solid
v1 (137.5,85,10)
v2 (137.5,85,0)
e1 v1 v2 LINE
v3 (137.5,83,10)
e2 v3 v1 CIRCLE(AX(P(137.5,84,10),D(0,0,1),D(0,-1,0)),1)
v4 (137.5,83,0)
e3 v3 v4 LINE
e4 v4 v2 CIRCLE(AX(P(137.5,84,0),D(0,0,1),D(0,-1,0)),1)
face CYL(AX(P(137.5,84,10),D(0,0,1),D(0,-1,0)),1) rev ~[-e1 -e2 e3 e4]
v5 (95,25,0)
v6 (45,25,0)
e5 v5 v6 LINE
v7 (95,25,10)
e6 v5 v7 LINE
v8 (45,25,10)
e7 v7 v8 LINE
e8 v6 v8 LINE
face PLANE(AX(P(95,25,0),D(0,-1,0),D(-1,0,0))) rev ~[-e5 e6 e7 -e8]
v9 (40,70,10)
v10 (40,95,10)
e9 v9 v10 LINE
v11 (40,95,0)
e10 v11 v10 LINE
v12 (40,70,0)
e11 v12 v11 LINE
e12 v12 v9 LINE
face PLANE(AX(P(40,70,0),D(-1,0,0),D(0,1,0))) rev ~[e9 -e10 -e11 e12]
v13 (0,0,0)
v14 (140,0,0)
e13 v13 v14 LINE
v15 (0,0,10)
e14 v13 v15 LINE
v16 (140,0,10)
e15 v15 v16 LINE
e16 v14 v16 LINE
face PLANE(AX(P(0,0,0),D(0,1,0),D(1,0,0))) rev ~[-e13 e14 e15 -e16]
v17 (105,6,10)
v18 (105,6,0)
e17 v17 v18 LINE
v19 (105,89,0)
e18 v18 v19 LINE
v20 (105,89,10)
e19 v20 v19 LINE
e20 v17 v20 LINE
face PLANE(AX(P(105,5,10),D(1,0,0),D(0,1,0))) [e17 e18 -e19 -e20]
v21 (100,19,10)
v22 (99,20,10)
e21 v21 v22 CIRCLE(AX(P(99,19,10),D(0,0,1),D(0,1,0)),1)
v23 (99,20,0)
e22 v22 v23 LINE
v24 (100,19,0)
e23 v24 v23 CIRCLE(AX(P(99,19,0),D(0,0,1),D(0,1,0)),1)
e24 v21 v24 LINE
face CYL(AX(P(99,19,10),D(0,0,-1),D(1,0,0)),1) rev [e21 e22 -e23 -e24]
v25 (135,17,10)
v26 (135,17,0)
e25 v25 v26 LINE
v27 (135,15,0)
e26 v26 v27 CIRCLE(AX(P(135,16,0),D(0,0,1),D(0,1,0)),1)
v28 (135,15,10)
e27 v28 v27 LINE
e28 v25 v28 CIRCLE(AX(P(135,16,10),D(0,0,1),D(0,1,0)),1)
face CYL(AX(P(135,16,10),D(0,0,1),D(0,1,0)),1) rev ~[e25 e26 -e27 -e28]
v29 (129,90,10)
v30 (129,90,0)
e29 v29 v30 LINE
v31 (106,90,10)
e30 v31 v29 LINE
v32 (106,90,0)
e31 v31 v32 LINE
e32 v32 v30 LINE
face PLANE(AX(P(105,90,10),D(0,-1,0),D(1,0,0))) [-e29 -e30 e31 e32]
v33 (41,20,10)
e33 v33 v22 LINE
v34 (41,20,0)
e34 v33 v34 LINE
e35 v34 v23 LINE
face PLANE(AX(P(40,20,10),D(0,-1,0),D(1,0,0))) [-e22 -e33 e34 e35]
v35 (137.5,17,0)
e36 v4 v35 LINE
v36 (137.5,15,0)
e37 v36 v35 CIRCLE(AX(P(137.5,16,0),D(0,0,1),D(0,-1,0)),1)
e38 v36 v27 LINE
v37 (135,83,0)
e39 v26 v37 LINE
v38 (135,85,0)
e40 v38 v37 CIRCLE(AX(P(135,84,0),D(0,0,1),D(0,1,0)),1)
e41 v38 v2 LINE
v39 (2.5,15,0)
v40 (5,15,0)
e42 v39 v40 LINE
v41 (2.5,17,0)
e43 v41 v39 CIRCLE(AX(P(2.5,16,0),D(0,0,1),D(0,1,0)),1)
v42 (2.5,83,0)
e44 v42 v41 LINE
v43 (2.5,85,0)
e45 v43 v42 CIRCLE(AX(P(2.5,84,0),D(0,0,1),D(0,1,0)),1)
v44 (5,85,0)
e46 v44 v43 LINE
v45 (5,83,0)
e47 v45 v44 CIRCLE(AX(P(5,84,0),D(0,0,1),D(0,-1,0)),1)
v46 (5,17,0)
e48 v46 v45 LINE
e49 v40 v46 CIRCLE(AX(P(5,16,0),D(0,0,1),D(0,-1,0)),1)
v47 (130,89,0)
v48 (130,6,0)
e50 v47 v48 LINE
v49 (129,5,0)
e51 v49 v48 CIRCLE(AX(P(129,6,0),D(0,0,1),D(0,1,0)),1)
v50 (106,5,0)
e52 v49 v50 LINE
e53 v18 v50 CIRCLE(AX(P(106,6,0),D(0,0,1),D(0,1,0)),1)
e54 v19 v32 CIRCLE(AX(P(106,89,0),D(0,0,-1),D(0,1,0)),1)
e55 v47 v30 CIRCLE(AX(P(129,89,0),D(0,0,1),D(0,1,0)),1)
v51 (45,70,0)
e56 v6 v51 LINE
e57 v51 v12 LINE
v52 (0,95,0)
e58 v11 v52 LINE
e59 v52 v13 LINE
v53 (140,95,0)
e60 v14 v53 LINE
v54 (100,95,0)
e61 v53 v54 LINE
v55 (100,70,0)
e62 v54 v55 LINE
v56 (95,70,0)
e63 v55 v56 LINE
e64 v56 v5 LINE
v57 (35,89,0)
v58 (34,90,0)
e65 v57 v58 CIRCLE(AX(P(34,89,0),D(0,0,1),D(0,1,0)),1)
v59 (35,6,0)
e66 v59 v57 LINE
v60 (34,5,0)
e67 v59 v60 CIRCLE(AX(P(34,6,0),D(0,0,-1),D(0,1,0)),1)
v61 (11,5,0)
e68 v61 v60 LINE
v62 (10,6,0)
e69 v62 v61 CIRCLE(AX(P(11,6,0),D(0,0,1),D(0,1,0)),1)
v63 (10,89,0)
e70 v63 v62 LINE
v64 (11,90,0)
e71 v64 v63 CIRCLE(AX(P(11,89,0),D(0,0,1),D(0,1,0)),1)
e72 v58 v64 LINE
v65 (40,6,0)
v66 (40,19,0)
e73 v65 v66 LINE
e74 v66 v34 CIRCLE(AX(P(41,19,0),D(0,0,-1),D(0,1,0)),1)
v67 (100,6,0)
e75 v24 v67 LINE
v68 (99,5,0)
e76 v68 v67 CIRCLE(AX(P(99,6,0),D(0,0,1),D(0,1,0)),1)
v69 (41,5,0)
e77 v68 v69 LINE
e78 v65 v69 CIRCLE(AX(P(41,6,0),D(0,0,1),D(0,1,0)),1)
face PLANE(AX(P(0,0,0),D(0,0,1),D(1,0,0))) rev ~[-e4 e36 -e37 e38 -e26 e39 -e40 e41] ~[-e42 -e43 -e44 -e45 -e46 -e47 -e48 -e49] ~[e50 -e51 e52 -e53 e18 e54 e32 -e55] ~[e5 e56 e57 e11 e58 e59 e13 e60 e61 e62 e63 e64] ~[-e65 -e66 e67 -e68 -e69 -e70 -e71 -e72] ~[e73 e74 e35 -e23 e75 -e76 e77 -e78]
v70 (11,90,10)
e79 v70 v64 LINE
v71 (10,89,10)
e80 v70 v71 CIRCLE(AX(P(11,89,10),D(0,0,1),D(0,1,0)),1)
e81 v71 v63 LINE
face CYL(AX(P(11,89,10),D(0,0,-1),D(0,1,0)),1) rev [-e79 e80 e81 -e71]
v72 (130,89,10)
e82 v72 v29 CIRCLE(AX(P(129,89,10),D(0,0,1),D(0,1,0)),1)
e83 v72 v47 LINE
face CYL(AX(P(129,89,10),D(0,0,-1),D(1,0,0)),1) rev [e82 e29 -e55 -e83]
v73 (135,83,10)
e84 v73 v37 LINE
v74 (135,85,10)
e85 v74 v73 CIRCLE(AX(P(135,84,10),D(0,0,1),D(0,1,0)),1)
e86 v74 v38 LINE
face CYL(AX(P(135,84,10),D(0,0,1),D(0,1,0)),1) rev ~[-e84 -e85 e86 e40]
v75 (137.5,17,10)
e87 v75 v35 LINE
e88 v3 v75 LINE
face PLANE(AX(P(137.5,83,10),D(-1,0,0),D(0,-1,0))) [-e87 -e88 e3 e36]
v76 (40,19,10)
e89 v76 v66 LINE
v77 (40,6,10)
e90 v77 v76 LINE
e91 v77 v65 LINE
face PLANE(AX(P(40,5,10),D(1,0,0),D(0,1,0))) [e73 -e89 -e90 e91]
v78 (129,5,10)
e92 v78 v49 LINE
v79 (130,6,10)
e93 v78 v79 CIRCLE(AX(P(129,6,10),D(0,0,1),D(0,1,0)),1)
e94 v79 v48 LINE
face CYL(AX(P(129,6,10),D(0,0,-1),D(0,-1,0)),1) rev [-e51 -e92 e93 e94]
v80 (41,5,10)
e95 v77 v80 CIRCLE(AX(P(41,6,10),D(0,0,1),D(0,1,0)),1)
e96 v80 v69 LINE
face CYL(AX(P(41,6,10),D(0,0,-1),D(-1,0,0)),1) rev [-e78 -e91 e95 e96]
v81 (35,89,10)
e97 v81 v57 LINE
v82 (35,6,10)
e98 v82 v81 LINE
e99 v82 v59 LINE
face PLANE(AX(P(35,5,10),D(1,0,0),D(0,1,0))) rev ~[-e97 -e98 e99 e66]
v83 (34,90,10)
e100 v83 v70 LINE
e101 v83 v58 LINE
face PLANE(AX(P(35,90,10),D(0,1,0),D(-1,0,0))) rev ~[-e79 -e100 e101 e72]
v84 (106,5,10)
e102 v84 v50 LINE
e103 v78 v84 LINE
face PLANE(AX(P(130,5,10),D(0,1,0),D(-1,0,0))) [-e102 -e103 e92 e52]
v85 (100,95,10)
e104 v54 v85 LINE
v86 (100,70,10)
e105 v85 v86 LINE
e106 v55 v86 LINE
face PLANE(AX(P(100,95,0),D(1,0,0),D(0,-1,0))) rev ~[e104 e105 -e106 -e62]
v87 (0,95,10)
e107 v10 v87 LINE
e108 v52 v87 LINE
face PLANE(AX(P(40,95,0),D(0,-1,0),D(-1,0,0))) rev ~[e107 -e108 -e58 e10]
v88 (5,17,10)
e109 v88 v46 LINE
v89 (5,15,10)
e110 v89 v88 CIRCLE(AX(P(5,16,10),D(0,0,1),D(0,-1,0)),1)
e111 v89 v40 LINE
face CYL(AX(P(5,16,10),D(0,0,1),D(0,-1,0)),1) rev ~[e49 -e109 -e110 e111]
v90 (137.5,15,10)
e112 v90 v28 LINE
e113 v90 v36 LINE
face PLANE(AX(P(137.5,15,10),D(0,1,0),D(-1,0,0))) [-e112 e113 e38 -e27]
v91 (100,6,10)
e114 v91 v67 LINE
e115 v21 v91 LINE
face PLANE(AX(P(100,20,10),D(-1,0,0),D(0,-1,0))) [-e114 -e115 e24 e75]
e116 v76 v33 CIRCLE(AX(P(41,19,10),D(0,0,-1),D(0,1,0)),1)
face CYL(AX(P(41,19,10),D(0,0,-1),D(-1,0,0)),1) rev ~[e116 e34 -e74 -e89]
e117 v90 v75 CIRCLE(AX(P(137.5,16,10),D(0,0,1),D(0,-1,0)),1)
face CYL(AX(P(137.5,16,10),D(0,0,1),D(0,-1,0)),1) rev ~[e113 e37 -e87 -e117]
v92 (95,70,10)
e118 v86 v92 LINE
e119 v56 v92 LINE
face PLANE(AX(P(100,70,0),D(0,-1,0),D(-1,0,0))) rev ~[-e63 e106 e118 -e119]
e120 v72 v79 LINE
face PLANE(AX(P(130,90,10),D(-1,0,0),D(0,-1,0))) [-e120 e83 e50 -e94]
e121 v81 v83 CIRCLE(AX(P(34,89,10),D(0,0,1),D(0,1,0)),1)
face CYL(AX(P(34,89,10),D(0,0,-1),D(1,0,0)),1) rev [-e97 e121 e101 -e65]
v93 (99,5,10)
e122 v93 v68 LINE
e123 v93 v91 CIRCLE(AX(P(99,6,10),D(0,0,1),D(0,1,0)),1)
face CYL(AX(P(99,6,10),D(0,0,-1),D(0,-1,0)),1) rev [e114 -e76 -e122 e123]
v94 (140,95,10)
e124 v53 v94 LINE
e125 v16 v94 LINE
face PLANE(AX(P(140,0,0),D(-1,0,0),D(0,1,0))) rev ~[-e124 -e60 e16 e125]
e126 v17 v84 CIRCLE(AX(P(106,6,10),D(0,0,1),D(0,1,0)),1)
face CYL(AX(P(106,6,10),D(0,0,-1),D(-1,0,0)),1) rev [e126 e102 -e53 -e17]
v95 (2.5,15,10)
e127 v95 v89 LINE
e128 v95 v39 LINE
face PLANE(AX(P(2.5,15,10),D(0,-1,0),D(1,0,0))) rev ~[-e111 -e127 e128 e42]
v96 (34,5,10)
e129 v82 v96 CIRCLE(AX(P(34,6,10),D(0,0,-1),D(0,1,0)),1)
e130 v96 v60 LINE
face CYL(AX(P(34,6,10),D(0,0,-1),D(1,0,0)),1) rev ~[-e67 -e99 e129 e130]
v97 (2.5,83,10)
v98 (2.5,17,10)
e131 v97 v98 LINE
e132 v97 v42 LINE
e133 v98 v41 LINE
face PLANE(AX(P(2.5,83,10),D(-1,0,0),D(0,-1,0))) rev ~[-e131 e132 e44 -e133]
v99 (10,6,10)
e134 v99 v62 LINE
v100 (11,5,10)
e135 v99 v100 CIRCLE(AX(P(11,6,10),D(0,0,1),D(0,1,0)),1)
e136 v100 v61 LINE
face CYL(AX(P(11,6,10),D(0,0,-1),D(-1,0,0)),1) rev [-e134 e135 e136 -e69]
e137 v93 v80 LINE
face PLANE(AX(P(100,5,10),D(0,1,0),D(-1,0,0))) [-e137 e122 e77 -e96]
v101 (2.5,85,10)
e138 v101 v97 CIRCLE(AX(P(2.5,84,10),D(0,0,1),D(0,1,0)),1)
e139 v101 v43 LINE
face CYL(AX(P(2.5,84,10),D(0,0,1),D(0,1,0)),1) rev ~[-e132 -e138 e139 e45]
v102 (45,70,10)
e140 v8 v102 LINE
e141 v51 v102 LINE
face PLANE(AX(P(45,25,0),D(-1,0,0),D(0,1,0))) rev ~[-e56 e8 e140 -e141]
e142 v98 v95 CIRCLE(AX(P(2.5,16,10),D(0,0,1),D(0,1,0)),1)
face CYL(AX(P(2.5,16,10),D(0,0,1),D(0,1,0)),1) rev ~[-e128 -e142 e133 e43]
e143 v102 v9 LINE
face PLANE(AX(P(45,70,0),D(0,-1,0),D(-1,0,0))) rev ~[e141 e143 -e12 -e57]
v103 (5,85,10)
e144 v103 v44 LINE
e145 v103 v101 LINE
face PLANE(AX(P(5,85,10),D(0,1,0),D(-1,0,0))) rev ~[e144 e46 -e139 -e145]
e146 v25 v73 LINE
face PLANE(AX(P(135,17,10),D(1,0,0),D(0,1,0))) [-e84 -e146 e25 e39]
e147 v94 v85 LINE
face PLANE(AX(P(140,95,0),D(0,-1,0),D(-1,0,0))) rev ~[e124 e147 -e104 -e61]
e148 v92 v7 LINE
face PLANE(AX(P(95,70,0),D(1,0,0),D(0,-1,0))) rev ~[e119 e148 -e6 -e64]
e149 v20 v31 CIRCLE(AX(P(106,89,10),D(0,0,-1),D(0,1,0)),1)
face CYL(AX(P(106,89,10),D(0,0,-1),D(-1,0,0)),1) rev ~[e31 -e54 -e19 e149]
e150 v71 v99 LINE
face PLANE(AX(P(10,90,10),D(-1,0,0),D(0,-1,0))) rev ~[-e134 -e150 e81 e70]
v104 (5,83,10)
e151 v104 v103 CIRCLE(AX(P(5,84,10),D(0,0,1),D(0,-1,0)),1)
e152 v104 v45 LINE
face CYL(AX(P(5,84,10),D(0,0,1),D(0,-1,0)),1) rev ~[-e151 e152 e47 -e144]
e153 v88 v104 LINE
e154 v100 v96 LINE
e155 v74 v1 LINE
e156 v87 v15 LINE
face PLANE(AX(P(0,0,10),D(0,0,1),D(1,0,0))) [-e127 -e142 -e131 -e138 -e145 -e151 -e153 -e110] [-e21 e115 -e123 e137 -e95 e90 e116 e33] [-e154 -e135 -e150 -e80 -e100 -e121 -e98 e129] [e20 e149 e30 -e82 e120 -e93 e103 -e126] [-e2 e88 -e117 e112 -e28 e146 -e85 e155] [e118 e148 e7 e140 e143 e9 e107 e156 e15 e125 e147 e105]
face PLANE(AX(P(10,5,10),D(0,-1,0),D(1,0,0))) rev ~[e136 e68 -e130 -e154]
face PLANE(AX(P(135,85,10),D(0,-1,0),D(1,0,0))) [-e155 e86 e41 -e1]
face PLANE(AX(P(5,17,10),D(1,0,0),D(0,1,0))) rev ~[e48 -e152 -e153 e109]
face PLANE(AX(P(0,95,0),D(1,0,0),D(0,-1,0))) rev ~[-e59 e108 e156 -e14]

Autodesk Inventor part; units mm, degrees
ref_plane "YZ Plane" through (0, 0, 0) normal (1, 0, 0) x (0, 1, 0)
ref_plane "XZ Plane" through (0, 0, 0) normal (0, 1, 0) x (-1, 0, 0)
ref_plane "XY Plane" through (0, 0, 0) normal (0, 0, 1) x (1, 0, 0)
sketch "スケッチ1" plane through (0, 0, 0) normal (0, 0, 1) x (1, 0, 0)
  line L0 (0, 0) -> (140, 0)
  line L1 (140, 0) -> (140, 95)
  line L2 (0, 95) -> (0, 0)
  line L3 (70, 94.6562) -> (70, 0) construction
  line L4 (95, 70) -> (95, 25)
  line L5 (95, 25) -> (45, 25)
  line L6 (45, 25) -> (45, 70)
  line L7 (140, 95) -> (100, 95)
  line L8 (40, 95) -> (0, 95)
  line L9 (100, 95) -> (100, 70)
  line L10 (40, 70) -> (40, 95)
  line L11 (100, 70) -> (95, 70)
  line L12 (45, 70) -> (40, 70)
  dimension "d0" = 140
  dimension "d1" = 95
  dimension "d2" = 25
  dimension "d3" = 50
  dimension "d4" = 60
  dimension "d6" = 25
extrude "押し出し1" add sketch "スケッチ1" along normal blind 10
sketch "スケッチ2" plane through (0, 0, 10) normal (0, 0, 1) x (1, 0, 0)
  line L0 (0, 0) -> (140, 0) projected
  line L1 (70, 0) -> (70, 25) construction
  line L2 (95, 25) -> (45, 25) projected
  line L3 (135, 85) -> (137.5, 85)
  line L4 (137.5, 83) -> (137.5, 17)
  line L5 (137.5, 15) -> (135, 15)
  line L6 (135, 17) -> (135, 83)
  line L7 (140, 95) -> (100, 95) projected
  line L8 (140, 0) -> (140, 95) projected
  arc A0 (135, 85) -> (135, 83) centre (135, 84) ccw
  arc A1 (137.5, 83) -> (137.5, 85) centre (137.5, 84) ccw
  arc A2 (135, 17) -> (135, 15) centre (135, 16) ccw
  arc A3 (137.5, 15) -> (137.5, 17) centre (137.5, 16) ccw
  line L9 (5, 85) -> (2.5, 85)
  line L10 (2.5, 83) -> (2.5, 17)
  line L11 (2.5, 15) -> (5, 15)
  line L12 (5, 17) -> (5, 83)
  arc A4 (5, 83) -> (5, 85) centre (5, 84) ccw
  arc A5 (2.5, 85) -> (2.5, 83) centre (2.5, 84) ccw
  arc A6 (5, 15) -> (5, 17) centre (5, 16) ccw
  arc A7 (2.5, 17) -> (2.5, 15) centre (2.5, 16) ccw
  dimension "d9" = 15
  dimension "d10" = 10
  dimension "d11" = 2.5
  dimension "d12" = 2.5
  dimension "d16" = 2
  dimension "d17" = 1
  dimension "d18" = 2
  dimension "d19" = 1
extrude "押し出し2" cut sketch "スケッチ2" against normal through all
sketch "スケッチ3" plane through (0, 0, 10) normal (0, 0, 1) x (1, 0, 0)
  line L0 (40, 20) -> (100, 20)
  line L1 (100, 20) -> (100, 5)
  line L2 (100, 5) -> (40, 5)
  line L3 (40, 5) -> (40, 20)
  arc A0 (135, 85) -> (135, 83) centre (135, 84) ccw projected
  line L4 (135, 85) -> (137.5, 85) projected
  arc A1 (137.5, 83) -> (137.5, 85) centre (137.5, 84) ccw projected
  line L5 (137.5, 83) -> (137.5, 17) projected
  arc A2 (137.5, 15) -> (137.5, 17) centre (137.5, 16) ccw projected
  line L6 (137.5, 15) -> (135, 15) projected
  arc A3 (135, 17) -> (135, 15) centre (135, 16) ccw projected
  line L7 (135, 17) -> (135, 83) projected
  arc A4 (5, 83) -> (5, 85) centre (5, 84) ccw projected
  line L8 (5, 83) -> (5, 17) projected
  arc A5 (5, 15) -> (5, 17) centre (5, 16) ccw projected
  line L9 (5, 15) -> (2.5, 15) projected
  arc A6 (2.5, 17) -> (2.5, 15) centre (2.5, 16) ccw projected
  line L10 (2.5, 17) -> (2.5, 83) projected
  arc A7 (2.5, 85) -> (2.5, 83) centre (2.5, 84) ccw projected
  line L11 (2.5, 85) -> (5, 85) projected
  line L12 (140, 0) -> (140, 95) projected
  line L13 (140, 95) -> (100, 95) projected
  line L14 (100, 95) -> (100, 70) projected
  line L15 (100, 70) -> (95, 70) projected
  line L16 (95, 70) -> (95, 25) projected
  line L17 (95, 25) -> (45, 25) projected
  line L18 (45, 25) -> (45, 70) projected
  line L19 (45, 70) -> (40, 70) projected
  line L20 (40, 70) -> (40, 95) projected
  line L21 (40, 95) -> (0, 95) projected
  line L22 (0, 95) -> (0, 0) projected
  line L23 (0, 0) -> (140, 0) projected
  line L24 (45, 25) -> (45, 70) projected
  line L25 (95, 70) -> (95, 25) projected
  line L26 (105, 90) -> (130, 90)
  line L27 (130, 90) -> (130, 5)
  line L28 (130, 5) -> (105, 5)
  line L29 (105, 5) -> (105, 90)
  line L30 (95, 25) -> (45, 25) projected
  line L31 (70, 25) -> (70, 0) construction
  line L32 (35, 90) -> (10, 90)
  line L33 (10, 90) -> (10, 5)
  line L34 (10, 5) -> (35, 5)
  line L35 (35, 5) -> (35, 90)
  dimension "d20" = 5
  dimension "d21" = 5
  dimension "d22" = 5
  dimension "d23" = 5
  dimension "d24" = 10
  dimension "d25" = 5
  dimension "d26" = 5
extrude "押し出し3" cut sketch "スケッチ3" against normal through all contours L0 L1 L2 L3 | L26 L27 L28 L29 | L35 L34 L33 L32
fillet "フィレット1" radius 1 12 edges at (35, 90, 5) (10, 90, 5) (10, 5, 5) (35, 5, 5) (40, 5, 5) (40, 20, 5) (100, 5, 5) (100, 20, 5) (130, 90, 5) (105, 90, 5) (105, 5, 5) (130, 5, 5)
properties part number "waist2" material "アルミニウム 6061"
